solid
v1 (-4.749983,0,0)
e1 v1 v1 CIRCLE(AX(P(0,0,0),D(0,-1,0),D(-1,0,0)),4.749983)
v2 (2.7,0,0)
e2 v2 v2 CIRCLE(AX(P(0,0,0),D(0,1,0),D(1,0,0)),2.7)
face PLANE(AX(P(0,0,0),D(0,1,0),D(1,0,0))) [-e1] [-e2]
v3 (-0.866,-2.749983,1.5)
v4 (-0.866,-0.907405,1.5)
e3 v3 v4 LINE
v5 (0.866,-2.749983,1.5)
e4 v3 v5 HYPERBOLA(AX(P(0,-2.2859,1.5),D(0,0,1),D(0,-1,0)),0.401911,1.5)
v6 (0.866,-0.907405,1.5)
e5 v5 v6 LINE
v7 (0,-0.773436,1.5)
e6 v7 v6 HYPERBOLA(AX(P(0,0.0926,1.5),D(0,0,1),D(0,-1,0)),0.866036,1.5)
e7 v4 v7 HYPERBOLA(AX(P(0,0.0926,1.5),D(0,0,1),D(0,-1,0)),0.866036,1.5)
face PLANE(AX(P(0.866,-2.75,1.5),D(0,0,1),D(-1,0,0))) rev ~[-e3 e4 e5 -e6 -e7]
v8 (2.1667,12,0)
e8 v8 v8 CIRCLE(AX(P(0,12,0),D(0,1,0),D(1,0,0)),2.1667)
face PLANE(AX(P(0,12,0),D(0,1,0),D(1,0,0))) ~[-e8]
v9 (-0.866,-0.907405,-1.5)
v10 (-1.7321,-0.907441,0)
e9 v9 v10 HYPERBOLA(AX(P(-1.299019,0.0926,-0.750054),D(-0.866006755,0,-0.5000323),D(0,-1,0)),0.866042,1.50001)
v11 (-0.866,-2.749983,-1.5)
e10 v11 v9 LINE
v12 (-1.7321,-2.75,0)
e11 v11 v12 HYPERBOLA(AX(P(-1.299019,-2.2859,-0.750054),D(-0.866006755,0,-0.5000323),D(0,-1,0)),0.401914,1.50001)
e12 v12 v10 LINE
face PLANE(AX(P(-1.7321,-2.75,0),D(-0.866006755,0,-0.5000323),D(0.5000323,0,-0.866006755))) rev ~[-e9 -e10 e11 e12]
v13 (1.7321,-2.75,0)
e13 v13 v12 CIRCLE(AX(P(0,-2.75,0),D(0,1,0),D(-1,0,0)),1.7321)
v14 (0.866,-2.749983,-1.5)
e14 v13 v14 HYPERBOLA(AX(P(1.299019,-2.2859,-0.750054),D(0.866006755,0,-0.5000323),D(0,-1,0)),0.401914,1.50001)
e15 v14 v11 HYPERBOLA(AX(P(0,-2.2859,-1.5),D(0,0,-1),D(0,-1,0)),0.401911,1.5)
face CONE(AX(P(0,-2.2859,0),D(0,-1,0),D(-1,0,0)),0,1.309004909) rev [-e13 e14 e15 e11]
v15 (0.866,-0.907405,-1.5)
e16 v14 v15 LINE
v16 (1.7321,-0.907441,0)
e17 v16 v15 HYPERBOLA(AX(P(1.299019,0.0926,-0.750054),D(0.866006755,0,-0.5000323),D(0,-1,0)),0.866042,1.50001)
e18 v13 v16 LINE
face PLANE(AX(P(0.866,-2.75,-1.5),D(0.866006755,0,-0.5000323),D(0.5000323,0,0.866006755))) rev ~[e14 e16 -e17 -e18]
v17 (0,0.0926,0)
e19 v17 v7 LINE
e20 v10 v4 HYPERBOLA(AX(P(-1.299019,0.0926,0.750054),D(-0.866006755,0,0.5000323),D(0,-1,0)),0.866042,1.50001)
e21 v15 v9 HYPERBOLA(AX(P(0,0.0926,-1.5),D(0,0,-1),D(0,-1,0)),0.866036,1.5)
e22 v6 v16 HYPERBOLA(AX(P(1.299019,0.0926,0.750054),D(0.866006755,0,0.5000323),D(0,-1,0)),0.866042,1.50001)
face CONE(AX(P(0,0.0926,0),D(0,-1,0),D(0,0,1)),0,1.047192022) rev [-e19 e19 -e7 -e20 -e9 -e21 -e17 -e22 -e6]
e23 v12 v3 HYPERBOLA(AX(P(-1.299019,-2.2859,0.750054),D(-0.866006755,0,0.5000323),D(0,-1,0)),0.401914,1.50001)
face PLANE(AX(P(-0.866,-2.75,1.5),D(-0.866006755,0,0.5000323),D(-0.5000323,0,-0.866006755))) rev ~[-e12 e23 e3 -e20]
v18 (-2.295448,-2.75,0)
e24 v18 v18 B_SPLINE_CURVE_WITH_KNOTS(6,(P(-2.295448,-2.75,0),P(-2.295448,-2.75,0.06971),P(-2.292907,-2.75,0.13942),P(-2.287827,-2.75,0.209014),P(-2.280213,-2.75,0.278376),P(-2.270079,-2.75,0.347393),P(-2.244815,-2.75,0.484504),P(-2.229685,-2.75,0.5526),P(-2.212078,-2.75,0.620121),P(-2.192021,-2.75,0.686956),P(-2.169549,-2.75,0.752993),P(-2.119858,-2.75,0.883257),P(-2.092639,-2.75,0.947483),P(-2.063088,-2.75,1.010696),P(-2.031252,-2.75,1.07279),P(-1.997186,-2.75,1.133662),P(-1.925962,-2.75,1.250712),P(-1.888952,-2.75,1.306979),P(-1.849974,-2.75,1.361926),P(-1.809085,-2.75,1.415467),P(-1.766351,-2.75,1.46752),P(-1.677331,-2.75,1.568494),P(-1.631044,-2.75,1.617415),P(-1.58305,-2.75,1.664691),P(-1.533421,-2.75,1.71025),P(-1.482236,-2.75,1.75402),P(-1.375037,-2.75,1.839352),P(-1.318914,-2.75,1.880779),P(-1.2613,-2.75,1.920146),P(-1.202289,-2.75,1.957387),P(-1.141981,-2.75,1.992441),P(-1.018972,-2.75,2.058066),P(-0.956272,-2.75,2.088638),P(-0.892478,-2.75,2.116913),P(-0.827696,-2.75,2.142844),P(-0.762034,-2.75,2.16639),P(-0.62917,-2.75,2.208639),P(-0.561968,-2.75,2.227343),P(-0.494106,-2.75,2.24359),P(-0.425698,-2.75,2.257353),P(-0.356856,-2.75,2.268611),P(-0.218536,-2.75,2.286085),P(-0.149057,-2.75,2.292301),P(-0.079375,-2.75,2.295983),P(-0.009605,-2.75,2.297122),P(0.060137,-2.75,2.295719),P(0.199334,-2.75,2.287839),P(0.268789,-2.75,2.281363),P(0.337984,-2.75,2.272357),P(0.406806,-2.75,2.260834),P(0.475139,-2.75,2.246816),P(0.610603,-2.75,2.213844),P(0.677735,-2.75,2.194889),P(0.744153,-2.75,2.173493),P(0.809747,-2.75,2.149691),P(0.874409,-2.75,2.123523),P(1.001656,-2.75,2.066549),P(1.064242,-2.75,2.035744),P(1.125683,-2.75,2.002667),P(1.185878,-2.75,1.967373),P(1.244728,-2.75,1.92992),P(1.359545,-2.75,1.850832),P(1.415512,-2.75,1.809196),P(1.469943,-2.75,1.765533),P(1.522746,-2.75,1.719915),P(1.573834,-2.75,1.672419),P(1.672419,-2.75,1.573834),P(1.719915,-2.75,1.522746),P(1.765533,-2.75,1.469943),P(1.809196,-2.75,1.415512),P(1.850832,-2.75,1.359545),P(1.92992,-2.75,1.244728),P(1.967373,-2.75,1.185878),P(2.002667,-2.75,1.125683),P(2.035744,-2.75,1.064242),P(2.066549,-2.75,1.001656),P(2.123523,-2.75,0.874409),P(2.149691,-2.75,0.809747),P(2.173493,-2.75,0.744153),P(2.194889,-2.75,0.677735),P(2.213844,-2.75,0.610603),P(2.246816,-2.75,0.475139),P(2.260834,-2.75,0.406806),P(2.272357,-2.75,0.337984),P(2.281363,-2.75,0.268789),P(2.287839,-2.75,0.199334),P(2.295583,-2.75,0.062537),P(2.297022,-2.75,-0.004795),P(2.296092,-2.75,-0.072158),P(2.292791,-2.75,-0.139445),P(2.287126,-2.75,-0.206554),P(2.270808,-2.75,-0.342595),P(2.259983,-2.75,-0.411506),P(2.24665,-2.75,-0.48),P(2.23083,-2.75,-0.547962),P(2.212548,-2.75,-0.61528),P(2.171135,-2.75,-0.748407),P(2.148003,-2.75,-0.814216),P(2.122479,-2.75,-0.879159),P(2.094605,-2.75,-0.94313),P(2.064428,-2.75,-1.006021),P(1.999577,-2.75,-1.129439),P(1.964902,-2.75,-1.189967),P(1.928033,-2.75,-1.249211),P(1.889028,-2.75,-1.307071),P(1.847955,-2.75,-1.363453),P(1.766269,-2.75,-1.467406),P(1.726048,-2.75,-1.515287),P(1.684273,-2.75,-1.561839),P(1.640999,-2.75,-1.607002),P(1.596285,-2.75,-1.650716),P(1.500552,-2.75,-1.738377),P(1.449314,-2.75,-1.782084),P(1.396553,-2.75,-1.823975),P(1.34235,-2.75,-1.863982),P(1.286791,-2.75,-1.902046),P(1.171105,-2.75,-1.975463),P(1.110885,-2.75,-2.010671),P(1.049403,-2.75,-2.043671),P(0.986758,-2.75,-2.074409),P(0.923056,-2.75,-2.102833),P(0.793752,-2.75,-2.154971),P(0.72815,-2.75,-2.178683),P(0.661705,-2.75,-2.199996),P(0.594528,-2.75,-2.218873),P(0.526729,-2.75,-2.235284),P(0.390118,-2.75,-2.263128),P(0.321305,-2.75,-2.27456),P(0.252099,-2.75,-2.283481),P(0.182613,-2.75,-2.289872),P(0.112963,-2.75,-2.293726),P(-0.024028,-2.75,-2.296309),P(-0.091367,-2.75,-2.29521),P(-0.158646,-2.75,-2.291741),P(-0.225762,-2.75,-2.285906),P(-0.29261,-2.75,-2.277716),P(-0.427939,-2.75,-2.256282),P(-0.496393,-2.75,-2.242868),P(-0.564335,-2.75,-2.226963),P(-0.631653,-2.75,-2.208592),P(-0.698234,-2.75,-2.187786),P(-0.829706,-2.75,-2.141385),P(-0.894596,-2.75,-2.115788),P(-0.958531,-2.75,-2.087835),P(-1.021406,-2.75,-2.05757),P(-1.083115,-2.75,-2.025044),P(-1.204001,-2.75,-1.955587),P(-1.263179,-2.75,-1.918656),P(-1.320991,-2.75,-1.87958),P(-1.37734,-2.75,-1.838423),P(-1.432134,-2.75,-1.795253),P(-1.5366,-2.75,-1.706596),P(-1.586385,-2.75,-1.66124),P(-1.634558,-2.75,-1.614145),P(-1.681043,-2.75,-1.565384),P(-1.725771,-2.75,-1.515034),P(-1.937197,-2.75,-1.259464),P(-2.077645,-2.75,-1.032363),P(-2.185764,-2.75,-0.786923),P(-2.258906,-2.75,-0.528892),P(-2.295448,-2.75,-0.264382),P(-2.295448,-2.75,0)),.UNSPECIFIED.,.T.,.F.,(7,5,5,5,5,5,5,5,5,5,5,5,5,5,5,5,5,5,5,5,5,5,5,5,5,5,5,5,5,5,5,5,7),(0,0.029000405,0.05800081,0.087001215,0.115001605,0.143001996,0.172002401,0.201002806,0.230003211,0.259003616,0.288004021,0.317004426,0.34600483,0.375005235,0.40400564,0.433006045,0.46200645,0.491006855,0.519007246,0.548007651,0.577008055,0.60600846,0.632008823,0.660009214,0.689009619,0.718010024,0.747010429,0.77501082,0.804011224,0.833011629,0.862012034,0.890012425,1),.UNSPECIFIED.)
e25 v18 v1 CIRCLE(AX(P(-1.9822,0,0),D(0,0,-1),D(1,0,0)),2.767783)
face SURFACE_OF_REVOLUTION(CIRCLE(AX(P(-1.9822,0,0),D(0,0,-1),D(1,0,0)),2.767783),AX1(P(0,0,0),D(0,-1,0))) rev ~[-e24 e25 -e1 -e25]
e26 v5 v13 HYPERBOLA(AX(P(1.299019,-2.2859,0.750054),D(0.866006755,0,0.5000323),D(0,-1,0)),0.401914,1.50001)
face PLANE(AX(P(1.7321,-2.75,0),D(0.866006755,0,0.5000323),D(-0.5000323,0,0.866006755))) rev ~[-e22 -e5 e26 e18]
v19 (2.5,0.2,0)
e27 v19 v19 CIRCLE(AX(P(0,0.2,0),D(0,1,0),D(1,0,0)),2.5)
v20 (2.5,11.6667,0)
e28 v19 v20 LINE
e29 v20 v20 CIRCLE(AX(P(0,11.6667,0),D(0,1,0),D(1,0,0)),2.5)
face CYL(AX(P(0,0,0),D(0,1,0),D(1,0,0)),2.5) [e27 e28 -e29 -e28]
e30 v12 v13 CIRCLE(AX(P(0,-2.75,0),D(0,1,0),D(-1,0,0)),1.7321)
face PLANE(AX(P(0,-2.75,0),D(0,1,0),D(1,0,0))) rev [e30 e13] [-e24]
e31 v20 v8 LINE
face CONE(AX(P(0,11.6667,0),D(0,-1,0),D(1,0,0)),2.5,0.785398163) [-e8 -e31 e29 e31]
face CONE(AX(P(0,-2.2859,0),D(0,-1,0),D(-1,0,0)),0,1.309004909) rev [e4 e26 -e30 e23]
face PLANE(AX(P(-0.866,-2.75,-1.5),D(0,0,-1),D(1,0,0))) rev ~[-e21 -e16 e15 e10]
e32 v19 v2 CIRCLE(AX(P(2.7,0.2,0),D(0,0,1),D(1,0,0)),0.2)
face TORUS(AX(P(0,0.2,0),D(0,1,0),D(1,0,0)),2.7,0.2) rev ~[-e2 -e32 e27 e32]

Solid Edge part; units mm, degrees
sketch "Sketch1" plane through (0, 0, 0) normal (0, 0, 1) x (1, 0, 0)
  line L0 (2.5, 0) -> (2.5, 12)
  line L1 (0, 12) -> (2.5, 12)
  line L2 (0, 0) -> (0, 12)
  line L3 (0, 0) -> (0, -2.75)
  line L4 (0, -2.75) -> (4.75, -2.75)
  line L5 (4.75, -2.75) -> (4.75, 0)
  line L6 (4.75, 0) -> (2.5, 0)
revolve "RevolvedProtrusion1" add sketch "Sketch1" angle 360 about axis through (0, 0, 0) along (0, 1, 0)
sketch "Sketch2" plane through (0, 0, 0) normal (1, 0, 0) x (0, 1, 0)
  line L0 (-2.75, 2.2215) -> (-1.19, 2.2215)
  line L1 (0.0926, 0) -> (-1.19, 2.2215)
  line L2 (-2.75, 0) -> (0.0926, 0)
  line L3 (-2.75, 0) -> (-2.75, 2.2215)
revolve "RevolvedCutout1" cut sketch "Sketch2" angle 360 about axis through (0, -4.5, 0) along (0, 1, 0)
sketch "Sketch3" plane through (0, -2.75, 0) normal (0, -1, 0) x (0, 0, 1)
  circle A0 centre (0, 0) radius 2.2215
  line L0 (-1.5, -0.866) -> (0, -1.7321)
  line L1 (0, -1.7321) -> (1.5, -0.866)
  line L2 (1.5, -0.866) -> (1.5, 0.866)
  line L3 (1.5, 0.866) -> (0, 1.7321)
  line L4 (0, 1.7321) -> (-1.5, 0.866)
  line L5 (-1.5, 0.866) -> (-1.5, -0.866)
  dimension "D1" = 3
extrude "Protrusion1" add sketch "Sketch3" against normal up to next
sketch "Sketch4" plane through (0, 0, 0) normal (0, 0, 1) x (1, 0, 0)
  line L0 (-1.7321, -2.75) -> (0, -2.75)
  line L1 (0, -2.75) -> (0, -2.2859)
  line L2 (0, -2.2859) -> (-1.7321, -2.75)
revolve "RevolvedCutout2" cut sketch "Sketch4" angle 360 about axis through (0, -4.5, 0) along (0, 1, 0)
fillet "Round1" radius 0.2 1 edges at (0, 0, -2.5)
chamfer "倒斜角_2" distance 0.3333 angle 45 1 edges at (0, 12, -2.5)
cosmetic_thread "螺纹_3" size "M5" thread depth 10.4
sketch "Sketch5" plane through (0, 0, 0) normal (0, 0, 1) x (1, 0, 0)
  arc A0 (-2.2953, -2.75) -> (-4.75, 0) centre (-1.9822, 0) cw
revolve "RevolvedCutout3" cut sketch "Sketch5" angle 360 about axis through (0, 0, 0) along (0, -1, 0) material side at (-4.0844, -1.8764, 0)
